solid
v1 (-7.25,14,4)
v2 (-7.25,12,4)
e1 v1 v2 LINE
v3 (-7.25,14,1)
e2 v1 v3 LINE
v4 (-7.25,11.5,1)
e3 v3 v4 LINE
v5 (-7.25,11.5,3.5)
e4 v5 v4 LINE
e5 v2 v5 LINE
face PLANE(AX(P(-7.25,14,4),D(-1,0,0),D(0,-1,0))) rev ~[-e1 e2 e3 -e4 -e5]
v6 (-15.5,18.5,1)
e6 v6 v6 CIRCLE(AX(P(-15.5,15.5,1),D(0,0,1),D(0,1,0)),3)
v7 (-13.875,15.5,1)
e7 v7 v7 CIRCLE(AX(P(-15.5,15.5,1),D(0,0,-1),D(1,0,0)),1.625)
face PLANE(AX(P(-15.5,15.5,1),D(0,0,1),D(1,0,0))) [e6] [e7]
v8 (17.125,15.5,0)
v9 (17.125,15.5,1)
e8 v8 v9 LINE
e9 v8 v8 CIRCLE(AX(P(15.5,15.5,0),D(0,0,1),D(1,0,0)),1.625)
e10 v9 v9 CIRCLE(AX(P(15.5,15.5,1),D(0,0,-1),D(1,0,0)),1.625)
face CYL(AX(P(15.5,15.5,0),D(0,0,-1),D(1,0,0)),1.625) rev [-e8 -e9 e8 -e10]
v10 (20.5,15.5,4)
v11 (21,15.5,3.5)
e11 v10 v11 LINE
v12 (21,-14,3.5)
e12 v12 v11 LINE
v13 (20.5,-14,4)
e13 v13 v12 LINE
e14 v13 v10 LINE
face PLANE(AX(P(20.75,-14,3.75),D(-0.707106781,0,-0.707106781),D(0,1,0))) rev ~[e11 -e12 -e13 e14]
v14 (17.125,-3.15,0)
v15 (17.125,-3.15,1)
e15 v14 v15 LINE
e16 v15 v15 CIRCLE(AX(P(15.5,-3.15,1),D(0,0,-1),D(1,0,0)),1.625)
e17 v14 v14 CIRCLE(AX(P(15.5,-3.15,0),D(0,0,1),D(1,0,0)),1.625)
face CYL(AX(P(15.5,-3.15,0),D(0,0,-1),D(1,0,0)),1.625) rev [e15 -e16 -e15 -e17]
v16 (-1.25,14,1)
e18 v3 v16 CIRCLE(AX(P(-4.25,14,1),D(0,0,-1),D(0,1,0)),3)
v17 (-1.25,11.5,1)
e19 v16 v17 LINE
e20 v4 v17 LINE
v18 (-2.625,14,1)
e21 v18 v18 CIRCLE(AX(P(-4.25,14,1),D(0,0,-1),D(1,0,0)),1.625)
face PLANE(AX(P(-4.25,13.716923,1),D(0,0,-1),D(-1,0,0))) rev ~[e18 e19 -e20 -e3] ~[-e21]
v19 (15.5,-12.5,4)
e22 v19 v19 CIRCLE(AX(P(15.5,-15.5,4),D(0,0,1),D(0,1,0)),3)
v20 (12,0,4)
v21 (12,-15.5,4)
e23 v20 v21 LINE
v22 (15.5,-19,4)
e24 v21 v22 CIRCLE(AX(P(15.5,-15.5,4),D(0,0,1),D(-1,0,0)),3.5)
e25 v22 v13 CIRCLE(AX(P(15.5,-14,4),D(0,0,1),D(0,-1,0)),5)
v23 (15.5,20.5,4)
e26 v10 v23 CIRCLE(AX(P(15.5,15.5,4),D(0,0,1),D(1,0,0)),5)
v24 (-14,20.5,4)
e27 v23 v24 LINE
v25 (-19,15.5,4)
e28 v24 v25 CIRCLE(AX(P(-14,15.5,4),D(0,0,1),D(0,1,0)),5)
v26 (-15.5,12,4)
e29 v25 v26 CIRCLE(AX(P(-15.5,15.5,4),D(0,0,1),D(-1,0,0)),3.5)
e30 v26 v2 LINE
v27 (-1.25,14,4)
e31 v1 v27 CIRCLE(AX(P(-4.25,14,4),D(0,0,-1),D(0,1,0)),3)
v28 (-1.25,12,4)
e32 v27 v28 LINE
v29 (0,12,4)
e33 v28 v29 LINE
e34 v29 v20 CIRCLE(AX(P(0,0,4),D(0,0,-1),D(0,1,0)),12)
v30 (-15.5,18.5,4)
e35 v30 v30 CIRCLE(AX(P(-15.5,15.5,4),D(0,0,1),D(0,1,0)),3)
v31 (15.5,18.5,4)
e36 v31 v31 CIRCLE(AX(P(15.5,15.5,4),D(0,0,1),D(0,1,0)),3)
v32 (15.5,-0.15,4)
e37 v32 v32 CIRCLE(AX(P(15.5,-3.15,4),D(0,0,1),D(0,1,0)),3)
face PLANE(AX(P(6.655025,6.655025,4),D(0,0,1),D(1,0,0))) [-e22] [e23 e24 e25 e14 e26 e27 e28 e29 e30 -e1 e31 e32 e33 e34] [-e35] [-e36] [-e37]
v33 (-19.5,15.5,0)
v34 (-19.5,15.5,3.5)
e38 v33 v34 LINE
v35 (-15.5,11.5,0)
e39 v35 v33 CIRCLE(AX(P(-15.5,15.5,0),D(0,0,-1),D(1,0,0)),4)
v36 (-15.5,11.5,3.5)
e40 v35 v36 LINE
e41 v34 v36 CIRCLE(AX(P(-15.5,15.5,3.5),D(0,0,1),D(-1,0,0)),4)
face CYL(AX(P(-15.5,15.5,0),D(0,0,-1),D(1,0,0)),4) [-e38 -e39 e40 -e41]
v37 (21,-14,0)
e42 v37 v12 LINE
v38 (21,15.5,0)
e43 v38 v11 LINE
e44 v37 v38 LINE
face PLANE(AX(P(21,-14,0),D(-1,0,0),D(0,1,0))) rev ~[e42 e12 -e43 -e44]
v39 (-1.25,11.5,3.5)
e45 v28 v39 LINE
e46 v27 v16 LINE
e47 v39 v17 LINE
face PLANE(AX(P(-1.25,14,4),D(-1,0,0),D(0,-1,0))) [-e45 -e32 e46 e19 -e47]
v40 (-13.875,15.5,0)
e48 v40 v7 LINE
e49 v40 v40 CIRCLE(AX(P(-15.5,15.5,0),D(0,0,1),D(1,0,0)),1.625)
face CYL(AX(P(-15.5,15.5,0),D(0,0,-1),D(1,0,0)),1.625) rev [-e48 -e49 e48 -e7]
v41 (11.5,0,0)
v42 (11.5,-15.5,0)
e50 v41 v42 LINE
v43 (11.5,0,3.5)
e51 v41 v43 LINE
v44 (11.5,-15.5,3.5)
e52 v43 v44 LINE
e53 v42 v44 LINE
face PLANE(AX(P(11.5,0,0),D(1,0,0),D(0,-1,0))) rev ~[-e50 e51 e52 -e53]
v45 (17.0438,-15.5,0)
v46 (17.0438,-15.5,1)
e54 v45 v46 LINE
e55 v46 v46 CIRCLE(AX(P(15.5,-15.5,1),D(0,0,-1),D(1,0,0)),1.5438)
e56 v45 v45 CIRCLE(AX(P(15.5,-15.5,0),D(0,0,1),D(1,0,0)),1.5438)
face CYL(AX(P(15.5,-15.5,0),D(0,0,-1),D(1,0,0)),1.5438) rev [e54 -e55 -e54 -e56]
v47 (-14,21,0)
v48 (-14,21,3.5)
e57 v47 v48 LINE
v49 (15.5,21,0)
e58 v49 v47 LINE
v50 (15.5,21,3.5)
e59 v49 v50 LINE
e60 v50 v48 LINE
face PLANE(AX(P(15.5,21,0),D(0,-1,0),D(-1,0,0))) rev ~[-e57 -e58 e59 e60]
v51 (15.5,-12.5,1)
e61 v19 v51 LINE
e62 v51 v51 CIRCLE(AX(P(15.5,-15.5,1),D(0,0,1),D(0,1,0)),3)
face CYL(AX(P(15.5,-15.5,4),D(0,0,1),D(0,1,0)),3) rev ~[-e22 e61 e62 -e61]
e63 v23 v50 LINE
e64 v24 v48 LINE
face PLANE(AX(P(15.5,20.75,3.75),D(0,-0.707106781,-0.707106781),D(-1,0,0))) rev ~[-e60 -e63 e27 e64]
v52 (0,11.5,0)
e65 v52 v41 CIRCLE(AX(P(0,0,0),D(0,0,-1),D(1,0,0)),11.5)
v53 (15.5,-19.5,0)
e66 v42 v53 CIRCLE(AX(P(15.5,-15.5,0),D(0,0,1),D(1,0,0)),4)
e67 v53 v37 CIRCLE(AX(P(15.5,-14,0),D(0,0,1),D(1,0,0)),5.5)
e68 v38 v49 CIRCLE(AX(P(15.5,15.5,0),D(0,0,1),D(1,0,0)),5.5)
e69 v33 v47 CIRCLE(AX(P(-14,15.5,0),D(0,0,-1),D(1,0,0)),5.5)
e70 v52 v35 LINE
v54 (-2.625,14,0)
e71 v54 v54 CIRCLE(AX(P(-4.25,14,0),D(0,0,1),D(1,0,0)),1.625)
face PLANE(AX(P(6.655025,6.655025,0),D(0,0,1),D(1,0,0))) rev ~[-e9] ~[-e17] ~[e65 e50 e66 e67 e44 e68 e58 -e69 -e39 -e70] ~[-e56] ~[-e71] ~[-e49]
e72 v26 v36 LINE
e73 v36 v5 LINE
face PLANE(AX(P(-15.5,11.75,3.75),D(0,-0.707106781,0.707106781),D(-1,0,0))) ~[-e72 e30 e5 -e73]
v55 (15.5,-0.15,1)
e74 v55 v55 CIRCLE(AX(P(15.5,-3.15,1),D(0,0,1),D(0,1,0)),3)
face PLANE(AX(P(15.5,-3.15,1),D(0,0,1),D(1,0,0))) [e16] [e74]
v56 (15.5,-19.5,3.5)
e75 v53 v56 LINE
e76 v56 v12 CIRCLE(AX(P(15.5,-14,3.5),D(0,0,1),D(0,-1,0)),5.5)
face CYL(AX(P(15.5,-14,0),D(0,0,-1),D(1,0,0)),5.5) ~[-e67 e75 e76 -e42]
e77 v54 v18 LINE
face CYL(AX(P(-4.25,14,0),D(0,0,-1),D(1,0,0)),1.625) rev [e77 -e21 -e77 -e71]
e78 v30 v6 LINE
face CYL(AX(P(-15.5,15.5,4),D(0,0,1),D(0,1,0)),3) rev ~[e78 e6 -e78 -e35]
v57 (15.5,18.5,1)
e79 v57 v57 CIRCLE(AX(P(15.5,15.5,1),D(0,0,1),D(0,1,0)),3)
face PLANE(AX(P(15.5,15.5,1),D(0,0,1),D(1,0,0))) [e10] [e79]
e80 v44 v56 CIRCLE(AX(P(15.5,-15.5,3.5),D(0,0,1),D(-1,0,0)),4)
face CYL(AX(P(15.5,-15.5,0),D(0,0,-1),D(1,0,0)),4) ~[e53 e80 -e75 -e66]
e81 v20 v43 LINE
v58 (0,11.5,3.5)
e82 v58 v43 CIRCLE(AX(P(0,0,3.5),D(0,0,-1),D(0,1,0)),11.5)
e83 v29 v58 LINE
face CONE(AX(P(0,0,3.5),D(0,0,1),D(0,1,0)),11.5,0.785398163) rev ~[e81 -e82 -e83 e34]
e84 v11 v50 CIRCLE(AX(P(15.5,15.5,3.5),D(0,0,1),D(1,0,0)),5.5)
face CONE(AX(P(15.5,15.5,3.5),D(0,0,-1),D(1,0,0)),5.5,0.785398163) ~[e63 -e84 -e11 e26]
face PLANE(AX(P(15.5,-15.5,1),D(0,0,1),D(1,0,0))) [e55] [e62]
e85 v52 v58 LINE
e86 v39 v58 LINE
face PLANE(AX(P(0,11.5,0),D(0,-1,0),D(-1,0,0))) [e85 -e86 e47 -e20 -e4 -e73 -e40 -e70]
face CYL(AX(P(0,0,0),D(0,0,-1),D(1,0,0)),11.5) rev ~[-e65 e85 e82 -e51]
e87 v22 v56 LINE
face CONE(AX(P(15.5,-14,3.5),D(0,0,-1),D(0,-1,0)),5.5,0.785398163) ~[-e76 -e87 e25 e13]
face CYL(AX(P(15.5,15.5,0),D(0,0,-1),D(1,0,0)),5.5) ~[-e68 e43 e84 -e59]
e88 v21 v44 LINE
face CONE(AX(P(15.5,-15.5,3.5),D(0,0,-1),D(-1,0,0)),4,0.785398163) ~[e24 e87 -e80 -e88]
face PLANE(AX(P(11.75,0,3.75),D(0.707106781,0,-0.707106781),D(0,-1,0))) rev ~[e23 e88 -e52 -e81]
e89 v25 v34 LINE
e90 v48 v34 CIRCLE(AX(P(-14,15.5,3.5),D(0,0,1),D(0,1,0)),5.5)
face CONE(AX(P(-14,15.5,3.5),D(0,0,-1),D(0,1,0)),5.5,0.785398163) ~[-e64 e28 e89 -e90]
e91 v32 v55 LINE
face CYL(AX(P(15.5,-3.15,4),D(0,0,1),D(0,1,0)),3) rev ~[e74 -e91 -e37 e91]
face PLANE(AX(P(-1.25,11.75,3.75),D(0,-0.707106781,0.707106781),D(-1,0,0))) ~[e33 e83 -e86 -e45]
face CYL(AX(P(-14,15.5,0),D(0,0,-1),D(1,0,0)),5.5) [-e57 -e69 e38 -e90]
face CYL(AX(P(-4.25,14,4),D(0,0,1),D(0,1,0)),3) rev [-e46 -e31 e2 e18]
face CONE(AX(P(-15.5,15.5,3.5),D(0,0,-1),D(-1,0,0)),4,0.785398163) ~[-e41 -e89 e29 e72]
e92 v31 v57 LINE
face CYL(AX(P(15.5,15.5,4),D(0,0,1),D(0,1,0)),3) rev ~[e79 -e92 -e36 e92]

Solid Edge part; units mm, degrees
sketch "Sketch1" plane through (0, 0, 0) normal (0, 0, 1) x (1, 0, 0)
  line L0 (21, -14) -> (21, 15.5)
  arc A0 (21, 15.5) -> (15.5, 21) centre (15.5, 15.5) ccw
  line L1 (15.5, 21) -> (-14, 21)
  arc A1 (-19.5, 15.5) -> (-14, 21) centre (-14, 15.5) cw
  arc A2 (-15.5, 11.5) -> (-19.5, 15.5) centre (-15.5, 15.5) cw
  line L2 (0, 11.5) -> (-15.5, 11.5)
  line L3 (11.5, 0) -> (11.5, -15.5)
  arc A3 (11.5, -15.5) -> (15.5, -19.5) centre (15.5, -15.5) ccw
  arc A4 (15.5, -19.5) -> (21, -14) centre (15.5, -14) ccw
  arc A5 (0, 11.5) -> (11.5, 0) centre (0, 0) cw
extrude "Protrusion1" add sketch "Sketch1" along normal blind 4
sketch "Sketch2" plane through (0, 0, 0) normal (0, 0, 1) x (1, 0, 0)
  circle A0 centre (-15.5, 15.5) radius 1.625
  circle A1 centre (-4.25, 14) radius 1.625
  circle A2 centre (15.5, 15.5) radius 1.625
  circle A3 centre (15.5, -3.15) radius 1.625
  circle A4 centre (15.5, -15.5) radius 1.5438
  dimension "D1" = 31
  dimension "D2" = 31
  dimension "D3" = 23
  dimension "D4" = 3.25
  dimension "D5" = 3.25
  dimension "D6" = 3.0875
  dimension "D7" = 29.5
  dimension "D8" = 5.5
  dimension "D9" = 5.5
  dimension "D10" = 4.25
  dimension "D11" = 14
  dimension "D12" = 3.15
  dimension "D13" = 3.25
  dimension "D14" = 3.25
extrude "Cutout1" cut sketch "Sketch2" along normal through all
sketch "Sketch3" plane through (0.75, 0.75, 4) normal (0, 0, 1) x (0, 1, 0)
  circle A0 centre (14.75, 16.25) radius 3
  line L0 (13.25, 2) -> (10.75, 2)
  line L1 (10.75, 8) -> (10.75, 2)
  line L2 (13.25, 8) -> (10.75, 8)
  arc A1 (13.25, 8) -> (13.25, 2) centre (13.25, 5) cw
  circle A2 centre (14.75, -14.75) radius 3
  circle A3 centre (-3.9, -14.75) radius 3
  circle A4 centre (-16.25, -14.75) radius 3
extrude "VaciadoExtruido_2" cut sketch "Sketch3" against normal blind 3
chamfer "Chaflán_1" distance 0.5 angle 45 11 edges at (8.1317, 8.1317, 4) (11.5, -7.75, 4) (12.6716, -18.3284, 4) (19.3891, -17.8891, 4) (21, 0.75, 4) (19.3891, 19.3891, 4) (0.75, 21, 4) (-17.8891, 19.3891, 4) (-18.3284, 12.6716, 4) (-11.375, 11.5, 4) (-0.625, 11.5, 4)
